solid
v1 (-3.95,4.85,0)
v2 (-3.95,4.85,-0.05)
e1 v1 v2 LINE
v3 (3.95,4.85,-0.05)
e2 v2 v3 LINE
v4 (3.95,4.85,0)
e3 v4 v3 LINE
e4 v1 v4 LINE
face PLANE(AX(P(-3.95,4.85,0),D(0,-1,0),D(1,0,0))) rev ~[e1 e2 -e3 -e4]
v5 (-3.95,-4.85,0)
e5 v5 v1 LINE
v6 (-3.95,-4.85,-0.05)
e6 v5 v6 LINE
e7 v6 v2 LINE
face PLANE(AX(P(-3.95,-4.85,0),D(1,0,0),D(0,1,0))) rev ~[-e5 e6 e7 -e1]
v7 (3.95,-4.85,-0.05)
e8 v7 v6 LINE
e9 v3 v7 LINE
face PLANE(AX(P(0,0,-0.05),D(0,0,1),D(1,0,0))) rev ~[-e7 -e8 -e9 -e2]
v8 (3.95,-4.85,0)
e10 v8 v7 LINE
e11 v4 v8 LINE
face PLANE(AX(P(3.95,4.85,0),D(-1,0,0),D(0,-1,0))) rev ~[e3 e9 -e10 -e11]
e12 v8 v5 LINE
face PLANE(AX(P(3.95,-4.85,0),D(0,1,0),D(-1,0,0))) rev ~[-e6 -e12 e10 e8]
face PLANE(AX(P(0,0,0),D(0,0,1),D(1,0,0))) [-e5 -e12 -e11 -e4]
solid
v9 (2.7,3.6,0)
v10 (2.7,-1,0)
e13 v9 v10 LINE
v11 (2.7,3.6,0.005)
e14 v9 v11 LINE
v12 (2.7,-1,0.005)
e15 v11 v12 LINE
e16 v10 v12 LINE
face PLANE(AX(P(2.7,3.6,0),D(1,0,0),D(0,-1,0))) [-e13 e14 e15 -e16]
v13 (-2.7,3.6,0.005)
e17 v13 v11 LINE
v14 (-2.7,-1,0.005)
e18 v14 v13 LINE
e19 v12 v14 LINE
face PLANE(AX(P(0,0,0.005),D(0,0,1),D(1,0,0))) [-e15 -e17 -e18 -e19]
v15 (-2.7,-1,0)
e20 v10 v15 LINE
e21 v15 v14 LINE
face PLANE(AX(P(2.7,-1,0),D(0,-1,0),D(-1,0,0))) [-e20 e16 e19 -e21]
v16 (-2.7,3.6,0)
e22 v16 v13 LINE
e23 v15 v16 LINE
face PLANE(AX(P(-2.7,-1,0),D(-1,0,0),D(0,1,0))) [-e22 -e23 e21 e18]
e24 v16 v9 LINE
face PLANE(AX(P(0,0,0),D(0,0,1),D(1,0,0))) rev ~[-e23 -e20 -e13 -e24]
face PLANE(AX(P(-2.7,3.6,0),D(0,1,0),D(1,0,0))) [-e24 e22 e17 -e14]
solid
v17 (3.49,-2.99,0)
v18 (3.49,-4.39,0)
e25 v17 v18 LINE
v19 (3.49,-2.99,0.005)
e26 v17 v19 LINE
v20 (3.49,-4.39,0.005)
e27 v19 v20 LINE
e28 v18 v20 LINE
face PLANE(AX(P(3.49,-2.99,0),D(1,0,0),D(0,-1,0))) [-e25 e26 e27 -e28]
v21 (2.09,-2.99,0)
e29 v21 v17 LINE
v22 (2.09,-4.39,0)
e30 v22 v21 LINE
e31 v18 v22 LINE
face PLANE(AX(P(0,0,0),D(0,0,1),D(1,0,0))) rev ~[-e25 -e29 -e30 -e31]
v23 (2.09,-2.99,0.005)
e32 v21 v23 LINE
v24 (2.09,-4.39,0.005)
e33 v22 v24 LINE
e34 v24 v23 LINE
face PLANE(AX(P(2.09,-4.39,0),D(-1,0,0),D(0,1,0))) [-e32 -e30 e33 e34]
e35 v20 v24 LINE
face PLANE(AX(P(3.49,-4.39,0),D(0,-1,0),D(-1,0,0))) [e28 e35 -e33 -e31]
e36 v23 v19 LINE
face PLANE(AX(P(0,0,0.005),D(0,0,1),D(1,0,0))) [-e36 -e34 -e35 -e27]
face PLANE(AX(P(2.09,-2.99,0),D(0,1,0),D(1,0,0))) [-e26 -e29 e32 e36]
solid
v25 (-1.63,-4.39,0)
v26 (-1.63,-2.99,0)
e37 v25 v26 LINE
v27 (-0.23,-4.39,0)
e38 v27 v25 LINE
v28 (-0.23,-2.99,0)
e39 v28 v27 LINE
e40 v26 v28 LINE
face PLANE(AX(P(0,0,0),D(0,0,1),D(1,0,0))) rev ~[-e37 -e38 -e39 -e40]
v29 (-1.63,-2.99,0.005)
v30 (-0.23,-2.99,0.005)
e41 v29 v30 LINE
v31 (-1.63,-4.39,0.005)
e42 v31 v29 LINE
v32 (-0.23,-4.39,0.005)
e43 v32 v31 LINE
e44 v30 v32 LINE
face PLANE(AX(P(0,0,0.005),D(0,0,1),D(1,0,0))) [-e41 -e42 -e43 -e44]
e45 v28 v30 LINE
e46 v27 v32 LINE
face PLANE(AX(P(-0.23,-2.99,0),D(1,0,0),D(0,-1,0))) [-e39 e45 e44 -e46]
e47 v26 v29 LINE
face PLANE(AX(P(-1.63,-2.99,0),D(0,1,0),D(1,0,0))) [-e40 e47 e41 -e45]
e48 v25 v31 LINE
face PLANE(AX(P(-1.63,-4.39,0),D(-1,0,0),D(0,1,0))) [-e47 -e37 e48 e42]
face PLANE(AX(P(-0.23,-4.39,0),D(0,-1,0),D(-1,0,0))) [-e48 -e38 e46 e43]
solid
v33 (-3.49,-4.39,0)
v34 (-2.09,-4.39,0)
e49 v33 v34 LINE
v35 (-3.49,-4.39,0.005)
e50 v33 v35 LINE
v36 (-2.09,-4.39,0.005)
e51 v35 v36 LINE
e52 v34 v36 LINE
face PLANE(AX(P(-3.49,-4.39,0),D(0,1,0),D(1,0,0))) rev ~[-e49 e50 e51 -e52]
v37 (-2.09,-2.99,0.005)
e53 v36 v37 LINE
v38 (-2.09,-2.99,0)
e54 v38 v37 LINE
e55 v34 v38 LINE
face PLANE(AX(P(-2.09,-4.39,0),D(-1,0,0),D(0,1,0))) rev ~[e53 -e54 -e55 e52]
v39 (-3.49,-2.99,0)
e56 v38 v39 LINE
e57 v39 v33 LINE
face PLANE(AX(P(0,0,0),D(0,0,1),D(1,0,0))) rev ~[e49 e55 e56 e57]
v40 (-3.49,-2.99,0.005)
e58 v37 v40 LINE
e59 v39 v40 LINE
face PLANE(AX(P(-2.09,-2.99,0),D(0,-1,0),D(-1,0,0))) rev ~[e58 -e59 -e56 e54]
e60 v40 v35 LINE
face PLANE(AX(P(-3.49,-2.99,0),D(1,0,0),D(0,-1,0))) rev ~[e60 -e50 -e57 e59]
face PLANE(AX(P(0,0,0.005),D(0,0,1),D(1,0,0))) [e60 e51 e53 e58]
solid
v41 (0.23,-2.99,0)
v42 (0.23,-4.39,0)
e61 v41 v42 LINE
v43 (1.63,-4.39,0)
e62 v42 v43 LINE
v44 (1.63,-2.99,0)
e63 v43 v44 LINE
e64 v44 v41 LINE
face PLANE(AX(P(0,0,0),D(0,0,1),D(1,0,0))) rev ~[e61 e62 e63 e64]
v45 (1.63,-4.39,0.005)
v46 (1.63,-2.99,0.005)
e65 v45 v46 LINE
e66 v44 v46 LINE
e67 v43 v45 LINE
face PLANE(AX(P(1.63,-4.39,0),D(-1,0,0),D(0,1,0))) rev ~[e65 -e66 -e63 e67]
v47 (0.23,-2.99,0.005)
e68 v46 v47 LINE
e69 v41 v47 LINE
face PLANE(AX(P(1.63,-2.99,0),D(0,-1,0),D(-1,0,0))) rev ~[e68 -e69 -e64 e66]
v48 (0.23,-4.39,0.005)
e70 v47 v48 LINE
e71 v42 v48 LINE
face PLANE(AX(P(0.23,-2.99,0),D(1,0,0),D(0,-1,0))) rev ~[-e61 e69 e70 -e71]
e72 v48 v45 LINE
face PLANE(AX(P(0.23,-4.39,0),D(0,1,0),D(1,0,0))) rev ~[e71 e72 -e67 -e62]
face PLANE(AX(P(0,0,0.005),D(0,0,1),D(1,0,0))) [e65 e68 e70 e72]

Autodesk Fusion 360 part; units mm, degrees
sketch "Sketch1" plane through (0, 0, 0) normal (0, 0, 1) x (1, 0, 0) in component "Bx-350-3EB"
  line L0 (3.95, -4.85) -> (-3.95, -4.85)
  line L1 (-3.95, -4.85) -> (-3.95, 4.85)
  line L2 (-3.95, 4.85) -> (3.95, 4.85)
  line L3 (3.95, 4.85) -> (3.95, -4.85)
  line L4 (3.95, -4.85) -> (-3.95, 4.85) construction
  line L5 (-3.95, -4.85) -> (3.95, 4.85) construction
  line L6 (0, 0) -> (0, 1.3)
  line L7 (2.7, -1) -> (-2.7, -1)
  line L8 (-2.7, -1) -> (-2.7, 3.6)
  line L9 (-2.7, 3.6) -> (2.7, 3.6)
  line L10 (2.7, 3.6) -> (2.7, -1)
  line L11 (2.7, -1) -> (-2.7, 3.6) construction
  line L12 (-2.7, -1) -> (2.7, 3.6) construction
  line L13 (-3.49, -4.39) -> (-2.09, -4.39)
  line L14 (-2.09, -4.39) -> (-2.09, -2.99)
  line L15 (-2.09, -2.99) -> (-3.49, -2.99)
  line L16 (-3.49, -2.99) -> (-3.49, -4.39)
  line L17 (-1.63, -2.99) -> (-0.23, -2.99)
  line L18 (-0.23, -2.99) -> (-0.23, -4.39)
  line L19 (-0.23, -4.39) -> (-1.63, -4.39)
  line L20 (-1.63, -4.39) -> (-1.63, -2.99)
  line L21 (3.49, -2.99) -> (3.49, -4.39)
  line L22 (3.49, -4.39) -> (2.09, -4.39)
  line L23 (2.09, -4.39) -> (2.09, -2.99)
  line L24 (2.09, -2.99) -> (3.49, -2.99)
  line L25 (0.23, -2.99) -> (0.23, -4.39)
  line L26 (0.23, -4.39) -> (1.63, -4.39)
  line L27 (1.63, -2.99) -> (0.23, -2.99)
  line L28 (1.63, -4.39) -> (1.63, -2.99)
  point P0 (0, 1.3)
  dimension "d1" = 7.9
  dimension "d2" = 9.7
  dimension "d5" = 5.4
  dimension "d6" = 4.6
  dimension "d7" = 1.25
  dimension "d9" = 1.4
  dimension "d10" = 1.4
  dimension "d11" = 1.4
  dimension "d12" = 1.4
  dimension "d13" = 1.4
  dimension "d14" = 1.4
  dimension "d15" = 1.4
  dimension "d16" = 1.4
  dimension "d17" = 0.46
  dimension "d18" = 0.46
  dimension "d19" = 0.46
  dimension "d20" = 0.46
  dimension "d21" = 0.46
  dimension "d26" = 1.25
  dimension "d27" = 0.46
extrude "Extrude1" add sketch "Sketch1" against normal blind 0.05 contours L0 L1 L2 L3 | L7 L8 L9 L10 | L13 L14 L15 L16 | L17 L18 L19 L20 | L21 L22 L23 L24 | L25 L26 L27 L28 makes body 1 in component "Bx-350-3EB"
extrude "Extrude2" add sketch "Sketch1" along normal blind 0.005 separate body contours L7 L8 L9 L10 | L13 L14 L15 L16 | L17 L18 L19 L20 | L21 L22 L23 L24 | L25 L26 L27 L28 makes body 2 at (-0.9, 2.0667, 0) makes body 3 at (-3.0233, -3.4567, 0) makes body 4 at (0.6967, -3.9233, 0) makes body 5 at (-1.1633, -3.4567, 0) makes body 6 at (3.0233, -3.4567, 0) in component "Bx-350-3EB"
component "Bx-350-3EB" placed x (1, 0, 0) y (0, 1, 0) z (0, 0, 1) at (0, 0, 0)
equation "d5 = ( 2.7 * 2 ) * 1 mm"
equation "d6 = ( 2.3 * 2 ) * 1 mm"
equation "d17 = ( ( 7.9 - ( 1.4 * 4 ) ) / 5 ) * 1 mm"
equation "d18 = ( ( 7.9 - ( 1.4 * 4 ) ) / 5 ) * 1 mm"
equation "d19 = ( ( 7.9 - ( 1.4 * 4 ) ) / 5 ) * 1 mm"
equation "d20 = ( ( 7.9 - ( 1.4 * 4 ) ) / 5 ) * 1 mm"
equation "d21 = ( ( 7.9 - ( 1.4 * 4 ) ) / 5 ) * 1 mm"
